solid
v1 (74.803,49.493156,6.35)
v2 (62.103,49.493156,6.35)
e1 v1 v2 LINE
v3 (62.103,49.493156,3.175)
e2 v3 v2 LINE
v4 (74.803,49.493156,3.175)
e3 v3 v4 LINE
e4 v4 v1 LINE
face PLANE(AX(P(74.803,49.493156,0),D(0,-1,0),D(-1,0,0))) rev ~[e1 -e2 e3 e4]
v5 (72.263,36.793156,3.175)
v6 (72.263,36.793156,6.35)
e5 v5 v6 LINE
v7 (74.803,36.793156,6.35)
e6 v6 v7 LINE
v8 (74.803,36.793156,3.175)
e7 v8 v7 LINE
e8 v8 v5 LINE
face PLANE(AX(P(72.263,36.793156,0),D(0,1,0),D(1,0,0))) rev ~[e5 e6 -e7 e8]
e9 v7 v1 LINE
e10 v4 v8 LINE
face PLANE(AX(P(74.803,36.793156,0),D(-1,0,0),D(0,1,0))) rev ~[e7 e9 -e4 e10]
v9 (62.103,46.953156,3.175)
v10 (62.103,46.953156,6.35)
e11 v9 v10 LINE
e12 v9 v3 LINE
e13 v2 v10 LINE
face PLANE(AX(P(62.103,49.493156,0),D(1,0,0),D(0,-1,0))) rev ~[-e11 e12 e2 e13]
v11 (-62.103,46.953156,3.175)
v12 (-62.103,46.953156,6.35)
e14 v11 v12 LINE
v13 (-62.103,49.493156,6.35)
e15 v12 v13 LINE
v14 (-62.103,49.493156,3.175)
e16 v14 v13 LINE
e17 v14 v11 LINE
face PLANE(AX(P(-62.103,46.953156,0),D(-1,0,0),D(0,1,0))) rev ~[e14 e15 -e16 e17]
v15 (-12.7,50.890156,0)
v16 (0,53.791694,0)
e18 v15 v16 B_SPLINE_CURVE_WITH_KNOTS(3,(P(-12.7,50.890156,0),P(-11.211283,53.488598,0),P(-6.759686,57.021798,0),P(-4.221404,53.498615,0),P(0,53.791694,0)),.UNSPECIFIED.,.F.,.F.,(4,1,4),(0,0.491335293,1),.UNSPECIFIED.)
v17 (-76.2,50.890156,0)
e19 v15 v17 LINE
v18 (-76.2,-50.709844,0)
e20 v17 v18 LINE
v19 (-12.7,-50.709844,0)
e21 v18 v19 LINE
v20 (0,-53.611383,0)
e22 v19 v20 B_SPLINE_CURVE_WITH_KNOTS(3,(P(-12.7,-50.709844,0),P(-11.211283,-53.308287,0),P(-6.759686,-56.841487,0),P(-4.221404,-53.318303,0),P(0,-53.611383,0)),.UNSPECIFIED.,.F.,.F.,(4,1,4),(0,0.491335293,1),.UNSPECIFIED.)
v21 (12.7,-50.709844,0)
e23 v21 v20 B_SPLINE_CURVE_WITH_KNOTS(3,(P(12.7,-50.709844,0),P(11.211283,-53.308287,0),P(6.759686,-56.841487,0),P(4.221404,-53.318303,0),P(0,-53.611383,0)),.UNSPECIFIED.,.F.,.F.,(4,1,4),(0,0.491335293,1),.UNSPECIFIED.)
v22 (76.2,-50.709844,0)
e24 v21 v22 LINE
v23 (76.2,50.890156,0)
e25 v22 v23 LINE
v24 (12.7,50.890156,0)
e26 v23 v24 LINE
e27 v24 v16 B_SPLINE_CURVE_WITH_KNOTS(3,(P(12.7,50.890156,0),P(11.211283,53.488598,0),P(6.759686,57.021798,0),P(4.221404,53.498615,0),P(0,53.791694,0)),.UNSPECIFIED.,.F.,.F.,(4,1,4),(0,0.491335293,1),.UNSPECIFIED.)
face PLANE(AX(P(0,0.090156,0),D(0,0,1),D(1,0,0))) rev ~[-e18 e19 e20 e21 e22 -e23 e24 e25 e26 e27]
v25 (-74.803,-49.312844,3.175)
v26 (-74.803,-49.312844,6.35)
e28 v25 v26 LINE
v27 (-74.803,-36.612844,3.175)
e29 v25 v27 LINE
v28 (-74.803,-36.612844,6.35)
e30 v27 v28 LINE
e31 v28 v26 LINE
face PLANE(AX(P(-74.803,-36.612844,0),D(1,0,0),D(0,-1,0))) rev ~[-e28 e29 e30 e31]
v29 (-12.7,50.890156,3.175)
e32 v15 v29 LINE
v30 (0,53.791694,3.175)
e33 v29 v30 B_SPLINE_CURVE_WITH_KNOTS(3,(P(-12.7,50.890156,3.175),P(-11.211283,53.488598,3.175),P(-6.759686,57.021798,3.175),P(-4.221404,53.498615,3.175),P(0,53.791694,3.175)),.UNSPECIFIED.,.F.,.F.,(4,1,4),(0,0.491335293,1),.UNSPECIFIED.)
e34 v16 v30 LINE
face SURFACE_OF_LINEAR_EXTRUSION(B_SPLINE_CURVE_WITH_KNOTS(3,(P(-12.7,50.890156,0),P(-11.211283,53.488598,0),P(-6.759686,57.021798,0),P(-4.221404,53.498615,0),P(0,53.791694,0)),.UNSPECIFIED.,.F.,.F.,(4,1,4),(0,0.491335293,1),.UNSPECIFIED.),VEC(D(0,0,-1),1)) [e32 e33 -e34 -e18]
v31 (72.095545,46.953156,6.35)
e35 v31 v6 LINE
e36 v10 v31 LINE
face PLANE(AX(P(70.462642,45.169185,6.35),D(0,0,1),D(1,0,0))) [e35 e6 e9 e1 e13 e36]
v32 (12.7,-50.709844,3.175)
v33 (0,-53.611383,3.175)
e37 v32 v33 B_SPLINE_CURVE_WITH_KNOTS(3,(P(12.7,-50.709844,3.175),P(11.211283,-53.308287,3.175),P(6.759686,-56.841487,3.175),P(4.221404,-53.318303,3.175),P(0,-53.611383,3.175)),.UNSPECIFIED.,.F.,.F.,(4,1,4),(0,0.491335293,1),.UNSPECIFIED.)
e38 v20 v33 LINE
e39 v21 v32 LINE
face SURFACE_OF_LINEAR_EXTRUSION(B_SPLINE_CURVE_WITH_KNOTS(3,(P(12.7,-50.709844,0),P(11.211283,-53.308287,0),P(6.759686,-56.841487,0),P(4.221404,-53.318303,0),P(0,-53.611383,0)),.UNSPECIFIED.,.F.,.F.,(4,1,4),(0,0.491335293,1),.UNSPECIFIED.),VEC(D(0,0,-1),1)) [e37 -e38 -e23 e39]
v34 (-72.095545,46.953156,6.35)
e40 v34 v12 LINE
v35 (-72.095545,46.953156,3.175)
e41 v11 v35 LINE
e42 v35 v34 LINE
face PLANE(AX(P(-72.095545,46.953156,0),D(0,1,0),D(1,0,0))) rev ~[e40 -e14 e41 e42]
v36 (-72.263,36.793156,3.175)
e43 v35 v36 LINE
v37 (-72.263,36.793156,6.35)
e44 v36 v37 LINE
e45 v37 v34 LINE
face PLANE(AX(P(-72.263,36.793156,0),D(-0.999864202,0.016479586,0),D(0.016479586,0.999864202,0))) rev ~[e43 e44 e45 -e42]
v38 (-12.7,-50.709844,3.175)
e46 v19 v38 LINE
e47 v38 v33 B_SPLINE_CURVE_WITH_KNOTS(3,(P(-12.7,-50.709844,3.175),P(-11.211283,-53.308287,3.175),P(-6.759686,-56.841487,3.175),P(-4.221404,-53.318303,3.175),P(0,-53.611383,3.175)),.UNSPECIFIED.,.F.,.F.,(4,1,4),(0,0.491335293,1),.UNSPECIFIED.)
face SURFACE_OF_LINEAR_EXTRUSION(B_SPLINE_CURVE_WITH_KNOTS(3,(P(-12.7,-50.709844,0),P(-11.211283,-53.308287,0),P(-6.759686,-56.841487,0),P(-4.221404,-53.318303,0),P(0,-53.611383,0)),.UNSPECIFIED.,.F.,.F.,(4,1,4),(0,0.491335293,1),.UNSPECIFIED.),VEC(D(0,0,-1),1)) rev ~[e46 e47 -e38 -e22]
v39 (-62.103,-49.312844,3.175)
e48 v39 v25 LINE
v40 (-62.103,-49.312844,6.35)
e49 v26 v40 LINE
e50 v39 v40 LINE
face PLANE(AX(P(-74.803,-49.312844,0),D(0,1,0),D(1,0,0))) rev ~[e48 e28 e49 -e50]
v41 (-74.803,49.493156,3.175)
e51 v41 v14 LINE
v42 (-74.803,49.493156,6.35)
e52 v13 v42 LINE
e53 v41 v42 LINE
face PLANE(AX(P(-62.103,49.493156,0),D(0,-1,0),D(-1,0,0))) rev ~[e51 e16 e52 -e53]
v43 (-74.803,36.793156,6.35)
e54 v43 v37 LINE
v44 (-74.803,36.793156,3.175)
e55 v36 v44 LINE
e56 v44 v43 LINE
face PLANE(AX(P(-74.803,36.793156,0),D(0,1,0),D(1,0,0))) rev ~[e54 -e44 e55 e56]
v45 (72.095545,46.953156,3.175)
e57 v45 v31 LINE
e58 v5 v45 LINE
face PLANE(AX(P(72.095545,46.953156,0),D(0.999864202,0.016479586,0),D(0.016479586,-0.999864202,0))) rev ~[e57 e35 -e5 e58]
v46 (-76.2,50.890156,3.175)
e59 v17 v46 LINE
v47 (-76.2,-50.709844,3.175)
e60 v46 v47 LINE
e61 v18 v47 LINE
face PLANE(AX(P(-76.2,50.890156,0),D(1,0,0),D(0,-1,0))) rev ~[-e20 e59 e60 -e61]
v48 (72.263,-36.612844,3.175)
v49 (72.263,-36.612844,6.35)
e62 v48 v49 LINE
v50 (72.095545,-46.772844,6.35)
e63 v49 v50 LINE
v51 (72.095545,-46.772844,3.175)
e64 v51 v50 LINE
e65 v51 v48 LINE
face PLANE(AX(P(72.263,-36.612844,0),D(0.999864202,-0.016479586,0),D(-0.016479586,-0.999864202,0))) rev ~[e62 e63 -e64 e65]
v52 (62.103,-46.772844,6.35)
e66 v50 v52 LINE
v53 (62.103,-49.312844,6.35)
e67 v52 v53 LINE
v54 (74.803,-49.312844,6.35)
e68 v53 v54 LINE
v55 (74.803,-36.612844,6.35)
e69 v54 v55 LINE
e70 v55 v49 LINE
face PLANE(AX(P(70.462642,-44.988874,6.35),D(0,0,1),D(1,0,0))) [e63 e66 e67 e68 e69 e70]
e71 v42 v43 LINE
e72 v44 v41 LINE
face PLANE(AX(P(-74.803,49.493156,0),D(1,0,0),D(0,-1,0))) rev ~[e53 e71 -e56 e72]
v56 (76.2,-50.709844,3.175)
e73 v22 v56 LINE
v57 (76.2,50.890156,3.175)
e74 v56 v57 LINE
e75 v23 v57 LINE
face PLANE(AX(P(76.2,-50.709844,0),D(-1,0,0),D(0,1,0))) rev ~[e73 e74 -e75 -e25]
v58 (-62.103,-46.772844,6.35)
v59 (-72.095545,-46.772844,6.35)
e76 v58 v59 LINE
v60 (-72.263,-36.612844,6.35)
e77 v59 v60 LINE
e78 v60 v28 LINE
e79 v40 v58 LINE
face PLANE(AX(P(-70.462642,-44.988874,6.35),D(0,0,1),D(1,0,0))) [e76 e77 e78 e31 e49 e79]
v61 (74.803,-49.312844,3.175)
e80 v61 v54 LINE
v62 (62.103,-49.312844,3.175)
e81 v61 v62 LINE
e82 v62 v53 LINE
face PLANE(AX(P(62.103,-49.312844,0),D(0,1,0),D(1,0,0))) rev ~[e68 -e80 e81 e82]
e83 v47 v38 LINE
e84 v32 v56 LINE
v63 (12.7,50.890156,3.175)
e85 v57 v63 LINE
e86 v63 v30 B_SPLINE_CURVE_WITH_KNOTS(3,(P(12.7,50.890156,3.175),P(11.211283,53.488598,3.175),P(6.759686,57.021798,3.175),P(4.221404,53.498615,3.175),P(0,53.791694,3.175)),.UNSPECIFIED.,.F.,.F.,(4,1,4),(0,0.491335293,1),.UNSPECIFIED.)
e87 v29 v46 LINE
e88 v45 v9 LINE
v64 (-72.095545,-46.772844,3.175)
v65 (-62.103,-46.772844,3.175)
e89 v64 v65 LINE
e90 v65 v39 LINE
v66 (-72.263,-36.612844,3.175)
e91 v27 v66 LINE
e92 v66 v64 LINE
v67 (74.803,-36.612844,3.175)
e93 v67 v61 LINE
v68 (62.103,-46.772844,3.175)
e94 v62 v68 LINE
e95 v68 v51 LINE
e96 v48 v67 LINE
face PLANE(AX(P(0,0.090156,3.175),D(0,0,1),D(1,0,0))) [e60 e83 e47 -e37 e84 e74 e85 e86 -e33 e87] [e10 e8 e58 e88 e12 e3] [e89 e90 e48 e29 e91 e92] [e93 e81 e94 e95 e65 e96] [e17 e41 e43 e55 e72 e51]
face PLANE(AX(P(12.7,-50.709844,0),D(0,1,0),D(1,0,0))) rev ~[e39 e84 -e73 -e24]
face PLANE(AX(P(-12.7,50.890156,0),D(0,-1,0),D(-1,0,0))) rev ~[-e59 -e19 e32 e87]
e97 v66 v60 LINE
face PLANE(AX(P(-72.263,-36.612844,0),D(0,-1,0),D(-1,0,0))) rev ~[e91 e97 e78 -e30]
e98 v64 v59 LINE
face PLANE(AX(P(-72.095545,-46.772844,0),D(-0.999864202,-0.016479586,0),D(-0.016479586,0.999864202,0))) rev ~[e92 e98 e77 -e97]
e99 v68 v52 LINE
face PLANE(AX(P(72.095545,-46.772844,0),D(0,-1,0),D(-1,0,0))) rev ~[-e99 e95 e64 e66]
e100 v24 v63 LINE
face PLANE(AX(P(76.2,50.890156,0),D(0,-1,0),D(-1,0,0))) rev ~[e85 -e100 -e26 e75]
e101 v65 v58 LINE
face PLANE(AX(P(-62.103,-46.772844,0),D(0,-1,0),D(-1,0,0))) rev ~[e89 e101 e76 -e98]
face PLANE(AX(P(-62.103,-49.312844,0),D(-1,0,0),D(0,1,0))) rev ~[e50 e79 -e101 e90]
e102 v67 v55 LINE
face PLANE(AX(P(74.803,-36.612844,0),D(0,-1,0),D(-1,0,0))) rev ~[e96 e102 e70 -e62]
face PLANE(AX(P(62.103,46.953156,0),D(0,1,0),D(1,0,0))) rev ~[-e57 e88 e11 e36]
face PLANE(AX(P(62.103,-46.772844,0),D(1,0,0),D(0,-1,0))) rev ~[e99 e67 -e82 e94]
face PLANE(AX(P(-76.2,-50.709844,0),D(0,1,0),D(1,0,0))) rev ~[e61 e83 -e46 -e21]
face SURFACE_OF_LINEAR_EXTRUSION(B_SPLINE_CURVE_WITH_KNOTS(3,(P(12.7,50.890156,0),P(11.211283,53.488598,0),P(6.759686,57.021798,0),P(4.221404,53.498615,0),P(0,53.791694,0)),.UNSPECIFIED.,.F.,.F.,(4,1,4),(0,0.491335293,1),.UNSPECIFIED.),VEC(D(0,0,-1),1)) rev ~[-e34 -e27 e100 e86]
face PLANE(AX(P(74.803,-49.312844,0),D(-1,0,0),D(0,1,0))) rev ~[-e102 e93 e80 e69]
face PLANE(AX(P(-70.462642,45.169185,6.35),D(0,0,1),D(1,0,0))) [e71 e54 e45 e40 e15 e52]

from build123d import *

# Parameters (mm, degrees)
F1_DEPTH = 3.175
F2_DEPTH = 6.35


with BuildPart() as f1:
    # F0 (on Top) → F1 (new body)
    with BuildSketch(Plane.XY):
        Polygon((-12.7, 50.8901555927), (-76.2, 50.8901555927), (-76.2, -50.7098444073), (-12.7, -50.7098444073), (12.7, -50.7098444073), (76.2, -50.7098444073), (76.2, 50.8901555927), (12.7, 50.8901555927), align=None)
        Polygon((-62.103, -49.3128444073), (-74.803, -49.3128444073), (-74.803, -36.6128444073), (-72.263, -36.6128444073), (-72.0955446652, -46.7728444073), (-62.103, -46.7728444073), align=None, mode=Mode.SUBTRACT)
        Polygon((74.803, -36.6128444073), (74.803, -49.3128444073), (62.103, -49.3128444073), (62.103, -46.7728444073), (72.0955446652, -46.7728444073), (72.263, -36.6128444073), align=None, mode=Mode.SUBTRACT)
        Polygon((-74.803, 36.7931555927), (-74.803, 49.4931555927), (-62.103, 49.4931555927), (-62.103, 46.9531555927), (-72.0955446652, 46.9531555927), (-72.263, 36.7931555927), align=None, mode=Mode.SUBTRACT)
        Polygon((72.263, 36.7931555927), (72.0955446652, 46.9531555927), (62.103, 46.9531555927), (62.103, 49.4931555927), (74.803, 49.4931555927), (74.803, 36.7931555927), align=None, mode=Mode.SUBTRACT)
        with BuildLine():
            Line((12.7, -50.7098444073), (-12.7, -50.7098444073))
            add(Edge.make_bspline(
                [(-12.7, -50.7098444073), (-11.2112833649, -53.3082869999), (-6.7596861206, -56.8414869783), (-4.2214039713, -53.3183033941), (0, -53.6113831578)],
                knots=[0, 0, 0, 0, 0.4913352934, 1, 1, 1, 1], degree=3))
            add(Edge.make_bspline(
                [(12.7, -50.7098444073), (11.2112833649, -53.3082869999), (6.7596861206, -56.8414869783), (4.2214039713, -53.3183033941), (0, -53.6113831578)],
                knots=[0, 0, 0, 0, 0.4913352934, 1, 1, 1, 1], degree=3))
        make_face()
        with BuildLine():
            add(Edge.make_bspline(
                [(-12.7, 50.8901555927), (-11.2112833649, 53.4885981853), (-6.7596861206, 57.0217981636), (-4.2214039713, 53.4986145794), (0, 53.7916943431)],
                knots=[0, 0, 0, 0, 0.4913352934, 1, 1, 1, 1], degree=3))
            Line((-12.7, 50.8901555927), (12.7, 50.8901555927))
            add(Edge.make_bspline(
                [(12.7, 50.8901555927), (11.2112833649, 53.4885981853), (6.7596861206, 57.0217981636), (4.2214039713, 53.4986145794), (0, 53.7916943431)],
                knots=[0, 0, 0, 0, 0.4913352934, 1, 1, 1, 1], degree=3))
        make_face()
    extrude(amount=F1_DEPTH)

    # F0 (on Top) → F2 (join)
    with BuildSketch(Plane.XY):
        Polygon((-74.803, -36.6128444073), (-74.803, -49.3128444073), (-62.103, -49.3128444073), (-62.103, -46.7728444073), (-72.0955446652, -46.7728444073), (-72.263, -36.6128444073), align=None)
        Polygon((-62.103, 49.4931555927), (-74.803, 49.4931555927), (-74.803, 36.7931555927), (-72.263, 36.7931555927), (-72.0955446652, 46.9531555927), (-62.103, 46.9531555927), align=None)
        Polygon((62.103, -49.3128444073), (74.803, -49.3128444073), (74.803, -36.6128444073), (72.263, -36.6128444073), (72.0955446652, -46.7728444073), (62.103, -46.7728444073), align=None)
        Polygon((62.103, 46.9531555927), (72.0955446652, 46.9531555927), (72.263, 36.7931555927), (74.803, 36.7931555927), (74.803, 49.4931555927), (62.103, 49.4931555927), align=None)
    extrude(amount=F2_DEPTH)


solid = f1.part
